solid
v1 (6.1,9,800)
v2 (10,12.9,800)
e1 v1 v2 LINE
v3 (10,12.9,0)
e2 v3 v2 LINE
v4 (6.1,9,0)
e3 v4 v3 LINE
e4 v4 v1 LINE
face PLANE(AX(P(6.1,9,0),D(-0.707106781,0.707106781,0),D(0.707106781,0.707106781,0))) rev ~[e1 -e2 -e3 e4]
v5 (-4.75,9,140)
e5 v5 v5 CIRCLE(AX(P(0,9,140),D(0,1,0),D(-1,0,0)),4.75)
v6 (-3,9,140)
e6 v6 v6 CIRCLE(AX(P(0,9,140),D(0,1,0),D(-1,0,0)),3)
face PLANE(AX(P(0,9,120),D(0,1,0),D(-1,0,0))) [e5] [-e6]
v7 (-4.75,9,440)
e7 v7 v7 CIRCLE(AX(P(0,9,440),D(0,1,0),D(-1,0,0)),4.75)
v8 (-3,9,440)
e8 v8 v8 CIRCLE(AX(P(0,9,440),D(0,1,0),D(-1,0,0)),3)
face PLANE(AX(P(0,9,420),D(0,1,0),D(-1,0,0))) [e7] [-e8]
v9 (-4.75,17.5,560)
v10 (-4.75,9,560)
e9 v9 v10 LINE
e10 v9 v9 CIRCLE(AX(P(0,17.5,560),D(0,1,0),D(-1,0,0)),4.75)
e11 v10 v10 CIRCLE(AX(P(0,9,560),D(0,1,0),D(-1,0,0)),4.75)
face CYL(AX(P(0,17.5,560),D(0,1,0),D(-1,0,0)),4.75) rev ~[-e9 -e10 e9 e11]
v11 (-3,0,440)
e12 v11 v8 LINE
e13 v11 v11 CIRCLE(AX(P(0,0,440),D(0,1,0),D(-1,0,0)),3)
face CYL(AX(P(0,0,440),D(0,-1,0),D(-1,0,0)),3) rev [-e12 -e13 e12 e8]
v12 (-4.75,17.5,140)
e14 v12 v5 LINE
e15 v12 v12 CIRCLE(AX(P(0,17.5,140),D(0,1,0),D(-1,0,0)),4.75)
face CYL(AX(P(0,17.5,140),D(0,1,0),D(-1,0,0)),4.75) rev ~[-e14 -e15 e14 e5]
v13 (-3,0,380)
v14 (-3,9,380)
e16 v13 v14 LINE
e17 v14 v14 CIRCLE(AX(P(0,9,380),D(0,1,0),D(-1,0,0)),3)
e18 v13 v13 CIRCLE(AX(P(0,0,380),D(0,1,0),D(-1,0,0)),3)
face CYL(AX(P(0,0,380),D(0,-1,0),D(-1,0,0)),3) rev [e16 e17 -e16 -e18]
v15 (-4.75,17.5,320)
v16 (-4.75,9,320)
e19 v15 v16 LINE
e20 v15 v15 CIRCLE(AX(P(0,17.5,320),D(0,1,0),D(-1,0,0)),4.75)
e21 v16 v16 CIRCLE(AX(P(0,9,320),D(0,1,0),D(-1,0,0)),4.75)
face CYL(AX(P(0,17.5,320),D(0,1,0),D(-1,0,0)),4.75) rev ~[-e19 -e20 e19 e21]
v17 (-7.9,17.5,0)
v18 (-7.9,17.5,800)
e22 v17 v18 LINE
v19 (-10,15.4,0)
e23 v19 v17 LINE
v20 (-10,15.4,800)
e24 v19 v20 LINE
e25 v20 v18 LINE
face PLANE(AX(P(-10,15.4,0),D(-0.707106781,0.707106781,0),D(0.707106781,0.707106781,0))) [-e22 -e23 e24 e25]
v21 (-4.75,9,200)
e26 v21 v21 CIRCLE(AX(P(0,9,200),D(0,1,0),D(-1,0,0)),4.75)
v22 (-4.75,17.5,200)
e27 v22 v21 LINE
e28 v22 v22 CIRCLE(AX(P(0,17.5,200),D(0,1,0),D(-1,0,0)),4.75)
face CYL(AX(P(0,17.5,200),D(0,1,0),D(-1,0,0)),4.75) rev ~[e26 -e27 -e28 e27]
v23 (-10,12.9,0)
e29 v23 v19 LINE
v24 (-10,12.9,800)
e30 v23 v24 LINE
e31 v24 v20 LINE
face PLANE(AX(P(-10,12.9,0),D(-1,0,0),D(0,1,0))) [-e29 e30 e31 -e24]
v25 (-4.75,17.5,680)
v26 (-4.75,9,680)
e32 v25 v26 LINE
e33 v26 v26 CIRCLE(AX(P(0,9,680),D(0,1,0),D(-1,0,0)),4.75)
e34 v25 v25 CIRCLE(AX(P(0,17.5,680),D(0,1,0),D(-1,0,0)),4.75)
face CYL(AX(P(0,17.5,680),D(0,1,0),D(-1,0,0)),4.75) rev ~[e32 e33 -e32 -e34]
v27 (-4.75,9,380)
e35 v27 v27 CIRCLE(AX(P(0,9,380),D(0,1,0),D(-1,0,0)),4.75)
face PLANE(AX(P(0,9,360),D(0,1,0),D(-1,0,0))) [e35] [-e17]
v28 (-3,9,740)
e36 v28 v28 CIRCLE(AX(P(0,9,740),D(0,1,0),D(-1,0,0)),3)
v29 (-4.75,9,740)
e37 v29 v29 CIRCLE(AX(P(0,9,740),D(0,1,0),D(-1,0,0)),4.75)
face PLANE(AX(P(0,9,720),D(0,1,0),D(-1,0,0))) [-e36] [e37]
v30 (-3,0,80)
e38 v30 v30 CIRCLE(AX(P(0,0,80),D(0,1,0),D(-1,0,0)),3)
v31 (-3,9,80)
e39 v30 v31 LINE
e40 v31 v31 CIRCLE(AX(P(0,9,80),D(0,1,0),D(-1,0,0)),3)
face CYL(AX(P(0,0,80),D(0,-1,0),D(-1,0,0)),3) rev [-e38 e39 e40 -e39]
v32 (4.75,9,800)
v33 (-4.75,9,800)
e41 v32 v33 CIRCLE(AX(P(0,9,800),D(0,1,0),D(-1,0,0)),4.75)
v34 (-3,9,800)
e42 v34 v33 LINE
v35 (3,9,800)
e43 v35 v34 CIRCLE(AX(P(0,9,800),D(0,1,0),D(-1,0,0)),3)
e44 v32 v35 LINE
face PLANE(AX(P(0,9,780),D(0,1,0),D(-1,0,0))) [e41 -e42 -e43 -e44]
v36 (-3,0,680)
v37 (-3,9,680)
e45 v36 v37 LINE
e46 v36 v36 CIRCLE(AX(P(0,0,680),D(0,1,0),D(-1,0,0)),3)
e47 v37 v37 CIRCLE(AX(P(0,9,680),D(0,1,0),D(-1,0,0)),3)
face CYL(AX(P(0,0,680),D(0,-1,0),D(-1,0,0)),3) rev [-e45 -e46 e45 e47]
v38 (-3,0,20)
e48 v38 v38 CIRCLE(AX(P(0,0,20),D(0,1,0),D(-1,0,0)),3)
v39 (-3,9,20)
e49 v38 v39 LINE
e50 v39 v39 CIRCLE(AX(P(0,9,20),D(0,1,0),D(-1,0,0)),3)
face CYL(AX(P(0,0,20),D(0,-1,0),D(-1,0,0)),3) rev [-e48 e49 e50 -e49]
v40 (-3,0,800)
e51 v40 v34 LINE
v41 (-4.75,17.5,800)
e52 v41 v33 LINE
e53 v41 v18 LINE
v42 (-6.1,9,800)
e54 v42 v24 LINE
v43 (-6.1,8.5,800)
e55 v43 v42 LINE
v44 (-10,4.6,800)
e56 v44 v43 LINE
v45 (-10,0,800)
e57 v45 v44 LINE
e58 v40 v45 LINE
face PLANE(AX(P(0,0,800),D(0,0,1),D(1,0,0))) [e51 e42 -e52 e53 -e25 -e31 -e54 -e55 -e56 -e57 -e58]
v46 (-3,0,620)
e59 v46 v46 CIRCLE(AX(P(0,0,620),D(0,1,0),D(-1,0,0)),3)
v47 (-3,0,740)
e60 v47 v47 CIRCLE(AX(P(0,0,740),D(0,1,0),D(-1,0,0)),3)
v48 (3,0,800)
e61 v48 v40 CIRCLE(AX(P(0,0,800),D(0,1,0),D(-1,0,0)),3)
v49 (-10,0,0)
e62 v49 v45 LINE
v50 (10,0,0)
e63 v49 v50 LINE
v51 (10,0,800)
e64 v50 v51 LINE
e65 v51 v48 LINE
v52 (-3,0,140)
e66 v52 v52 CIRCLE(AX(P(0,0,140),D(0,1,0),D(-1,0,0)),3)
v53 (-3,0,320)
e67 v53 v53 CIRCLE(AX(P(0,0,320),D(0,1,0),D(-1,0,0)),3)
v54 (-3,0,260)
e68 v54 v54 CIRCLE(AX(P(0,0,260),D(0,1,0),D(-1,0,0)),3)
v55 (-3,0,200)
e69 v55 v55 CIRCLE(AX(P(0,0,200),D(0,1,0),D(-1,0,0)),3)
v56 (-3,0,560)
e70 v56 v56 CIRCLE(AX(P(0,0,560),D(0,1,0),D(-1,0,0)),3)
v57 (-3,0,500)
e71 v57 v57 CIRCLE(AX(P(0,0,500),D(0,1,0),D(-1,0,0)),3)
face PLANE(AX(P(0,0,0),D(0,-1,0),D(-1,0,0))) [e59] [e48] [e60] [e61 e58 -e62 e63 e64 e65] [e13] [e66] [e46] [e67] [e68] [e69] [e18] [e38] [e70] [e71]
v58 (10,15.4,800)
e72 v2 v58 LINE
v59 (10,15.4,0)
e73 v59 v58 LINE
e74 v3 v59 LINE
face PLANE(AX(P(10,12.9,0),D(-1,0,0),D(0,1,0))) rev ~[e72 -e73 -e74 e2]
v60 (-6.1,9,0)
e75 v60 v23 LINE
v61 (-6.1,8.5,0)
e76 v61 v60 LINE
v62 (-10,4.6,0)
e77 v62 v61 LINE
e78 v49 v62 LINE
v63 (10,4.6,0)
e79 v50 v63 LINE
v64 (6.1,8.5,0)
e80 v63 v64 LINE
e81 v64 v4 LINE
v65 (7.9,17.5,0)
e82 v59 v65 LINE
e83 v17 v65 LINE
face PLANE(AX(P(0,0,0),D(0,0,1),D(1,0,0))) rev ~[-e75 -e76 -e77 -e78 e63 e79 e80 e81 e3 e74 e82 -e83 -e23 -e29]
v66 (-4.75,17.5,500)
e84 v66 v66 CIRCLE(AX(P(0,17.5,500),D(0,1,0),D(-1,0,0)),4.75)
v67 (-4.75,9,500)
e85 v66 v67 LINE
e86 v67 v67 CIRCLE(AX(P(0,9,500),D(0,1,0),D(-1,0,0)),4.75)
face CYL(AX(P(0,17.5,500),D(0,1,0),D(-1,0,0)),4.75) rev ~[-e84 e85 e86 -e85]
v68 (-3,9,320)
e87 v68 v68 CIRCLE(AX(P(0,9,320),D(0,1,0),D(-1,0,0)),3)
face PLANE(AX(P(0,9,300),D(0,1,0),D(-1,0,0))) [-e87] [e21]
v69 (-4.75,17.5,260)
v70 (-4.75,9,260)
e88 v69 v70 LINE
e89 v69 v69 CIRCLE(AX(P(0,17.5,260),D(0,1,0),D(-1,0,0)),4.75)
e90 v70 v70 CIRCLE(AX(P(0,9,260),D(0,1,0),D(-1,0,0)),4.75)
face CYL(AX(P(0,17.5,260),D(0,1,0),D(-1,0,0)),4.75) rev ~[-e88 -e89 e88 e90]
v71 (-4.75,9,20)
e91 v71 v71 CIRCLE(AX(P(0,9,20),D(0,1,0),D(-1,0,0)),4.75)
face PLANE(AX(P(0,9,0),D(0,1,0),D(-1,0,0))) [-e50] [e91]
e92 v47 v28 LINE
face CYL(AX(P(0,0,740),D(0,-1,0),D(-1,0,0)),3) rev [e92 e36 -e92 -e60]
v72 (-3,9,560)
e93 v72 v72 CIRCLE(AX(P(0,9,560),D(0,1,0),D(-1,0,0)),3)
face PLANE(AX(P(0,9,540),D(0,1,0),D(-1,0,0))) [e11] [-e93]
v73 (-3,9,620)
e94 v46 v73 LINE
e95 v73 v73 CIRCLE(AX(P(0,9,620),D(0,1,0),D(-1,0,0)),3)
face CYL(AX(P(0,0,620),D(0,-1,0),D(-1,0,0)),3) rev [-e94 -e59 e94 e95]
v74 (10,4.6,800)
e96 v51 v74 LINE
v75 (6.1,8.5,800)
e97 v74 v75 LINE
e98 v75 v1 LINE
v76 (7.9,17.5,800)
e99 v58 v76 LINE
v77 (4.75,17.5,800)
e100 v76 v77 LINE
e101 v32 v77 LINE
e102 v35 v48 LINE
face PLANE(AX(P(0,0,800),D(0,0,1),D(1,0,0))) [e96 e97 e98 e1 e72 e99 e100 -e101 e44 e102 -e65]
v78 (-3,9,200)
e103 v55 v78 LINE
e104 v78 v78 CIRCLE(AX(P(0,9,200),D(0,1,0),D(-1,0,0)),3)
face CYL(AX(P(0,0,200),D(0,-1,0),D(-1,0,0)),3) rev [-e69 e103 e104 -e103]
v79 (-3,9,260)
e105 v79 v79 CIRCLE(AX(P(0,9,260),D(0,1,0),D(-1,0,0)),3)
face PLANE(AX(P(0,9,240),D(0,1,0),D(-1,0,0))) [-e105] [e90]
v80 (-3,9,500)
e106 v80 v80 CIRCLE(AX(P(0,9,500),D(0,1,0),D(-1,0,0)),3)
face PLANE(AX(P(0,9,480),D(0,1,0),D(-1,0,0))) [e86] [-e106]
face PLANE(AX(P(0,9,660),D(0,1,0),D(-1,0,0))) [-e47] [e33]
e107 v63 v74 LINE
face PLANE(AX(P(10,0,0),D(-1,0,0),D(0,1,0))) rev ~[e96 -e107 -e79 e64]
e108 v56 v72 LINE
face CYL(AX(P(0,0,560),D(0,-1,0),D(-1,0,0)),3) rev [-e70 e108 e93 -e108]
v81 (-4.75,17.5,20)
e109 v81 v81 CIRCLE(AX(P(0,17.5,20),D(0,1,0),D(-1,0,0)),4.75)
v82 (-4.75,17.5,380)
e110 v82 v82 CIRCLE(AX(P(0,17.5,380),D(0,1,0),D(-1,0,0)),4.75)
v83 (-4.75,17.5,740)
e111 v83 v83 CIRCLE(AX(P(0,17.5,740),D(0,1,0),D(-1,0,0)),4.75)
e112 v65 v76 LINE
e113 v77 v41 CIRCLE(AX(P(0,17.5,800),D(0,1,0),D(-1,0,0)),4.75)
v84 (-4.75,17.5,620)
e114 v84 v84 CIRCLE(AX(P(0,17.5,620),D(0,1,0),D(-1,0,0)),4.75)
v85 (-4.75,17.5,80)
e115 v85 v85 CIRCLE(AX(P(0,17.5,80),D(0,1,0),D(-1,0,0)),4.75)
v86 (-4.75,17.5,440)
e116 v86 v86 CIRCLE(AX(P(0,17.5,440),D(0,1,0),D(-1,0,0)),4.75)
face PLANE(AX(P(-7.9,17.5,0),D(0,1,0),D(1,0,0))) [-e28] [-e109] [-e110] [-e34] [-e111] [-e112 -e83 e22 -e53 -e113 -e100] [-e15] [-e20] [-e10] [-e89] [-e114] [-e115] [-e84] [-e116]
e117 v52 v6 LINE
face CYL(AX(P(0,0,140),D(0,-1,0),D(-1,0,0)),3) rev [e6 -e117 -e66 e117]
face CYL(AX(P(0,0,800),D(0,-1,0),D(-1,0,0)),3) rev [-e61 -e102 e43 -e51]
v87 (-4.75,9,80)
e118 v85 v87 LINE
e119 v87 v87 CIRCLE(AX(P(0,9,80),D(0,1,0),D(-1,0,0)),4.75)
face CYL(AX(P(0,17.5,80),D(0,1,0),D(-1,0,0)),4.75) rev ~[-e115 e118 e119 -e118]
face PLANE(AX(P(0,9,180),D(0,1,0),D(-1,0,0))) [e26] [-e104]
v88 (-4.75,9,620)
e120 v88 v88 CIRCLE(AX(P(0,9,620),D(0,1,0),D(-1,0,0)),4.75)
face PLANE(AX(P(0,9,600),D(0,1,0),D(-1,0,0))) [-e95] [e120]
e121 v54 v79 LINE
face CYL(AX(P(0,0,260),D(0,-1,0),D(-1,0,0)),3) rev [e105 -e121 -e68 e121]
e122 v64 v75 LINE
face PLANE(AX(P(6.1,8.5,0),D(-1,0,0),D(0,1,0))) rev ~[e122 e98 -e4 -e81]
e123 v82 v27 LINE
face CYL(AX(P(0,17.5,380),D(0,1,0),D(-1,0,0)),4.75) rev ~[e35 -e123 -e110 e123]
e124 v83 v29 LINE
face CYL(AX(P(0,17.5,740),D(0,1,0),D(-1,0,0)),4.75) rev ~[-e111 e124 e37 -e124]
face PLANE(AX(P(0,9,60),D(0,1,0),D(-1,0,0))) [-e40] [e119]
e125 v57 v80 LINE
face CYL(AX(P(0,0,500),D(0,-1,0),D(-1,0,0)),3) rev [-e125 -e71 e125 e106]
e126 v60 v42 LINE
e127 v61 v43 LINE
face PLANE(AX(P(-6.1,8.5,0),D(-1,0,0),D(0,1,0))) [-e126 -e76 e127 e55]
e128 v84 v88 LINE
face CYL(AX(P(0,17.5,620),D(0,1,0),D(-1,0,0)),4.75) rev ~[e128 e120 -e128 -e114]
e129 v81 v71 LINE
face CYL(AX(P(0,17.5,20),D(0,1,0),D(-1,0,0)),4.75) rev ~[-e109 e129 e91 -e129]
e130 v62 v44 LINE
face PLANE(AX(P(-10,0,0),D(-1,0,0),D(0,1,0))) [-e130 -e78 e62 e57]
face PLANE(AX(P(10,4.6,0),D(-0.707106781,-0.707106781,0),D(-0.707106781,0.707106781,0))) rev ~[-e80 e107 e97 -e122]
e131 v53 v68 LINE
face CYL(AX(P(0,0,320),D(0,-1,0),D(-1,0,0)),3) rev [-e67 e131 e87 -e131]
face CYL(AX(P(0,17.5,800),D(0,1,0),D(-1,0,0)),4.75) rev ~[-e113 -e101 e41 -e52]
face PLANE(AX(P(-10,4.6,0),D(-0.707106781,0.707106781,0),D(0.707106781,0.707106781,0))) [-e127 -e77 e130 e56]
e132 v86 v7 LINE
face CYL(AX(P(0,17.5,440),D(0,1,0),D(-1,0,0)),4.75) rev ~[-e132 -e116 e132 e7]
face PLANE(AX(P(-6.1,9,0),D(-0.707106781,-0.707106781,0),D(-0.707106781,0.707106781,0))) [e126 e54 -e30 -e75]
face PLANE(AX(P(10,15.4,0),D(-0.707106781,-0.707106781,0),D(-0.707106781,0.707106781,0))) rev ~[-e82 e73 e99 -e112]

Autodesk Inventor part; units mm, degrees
ref_plane "YZ Plane" through (0, 0, 0) normal (1, 0, 0) x (0, 1, 0)
ref_plane "XZ Plane" through (0, 0, 0) normal (0, 1, 0) x (-1, 0, 0)
ref_plane "XY Plane" through (0, 0, 0) normal (0, 0, 1) x (1, 0, 0)
sketch "Sketch1" plane through (0, 0, 0) normal (0, 0, 1) x (1, 0, 0)
  line L0 (0, 0) -> (0, 17.5) construction
  line L1 (0, 0) -> (-10, 0)
  line L2 (0, 0) -> (10, 0)
  line L3 (-10, 0) -> (-10, 4.6)
  line L4 (-10, 4.6) -> (-6.1, 8.5)
  line L5 (-6.1, 8.5) -> (-6.1, 9)
  line L6 (-6.1, 9) -> (-10, 12.9)
  line L7 (-10, 12.9) -> (-10, 15.4)
  line L8 (-10, 15.4) -> (-7.9, 17.5)
  line L9 (-7.9, 17.5) -> (0, 17.5)
  line L10 (10, 0) -> (10, 4.6)
  line L11 (10, 4.6) -> (6.1, 8.5)
  line L12 (6.1, 8.5) -> (6.1, 9)
  line L13 (6.1, 9) -> (10, 12.9)
  line L14 (10, 12.9) -> (10, 15.4)
  line L15 (10, 15.4) -> (7.9, 17.5)
  line L16 (7.9, 17.5) -> (0, 17.5)
  dimension "d0" = 17.5
  dimension "d1" = 20
  dimension "d2" = 4.6
  dimension "d3" = 8.5
  dimension "d8" = 135
  dimension "d9" = 0.5
  dimension "d10" = 135
  dimension "d11" = 2.5
extrude "Extrusion1" add sketch "Sketch1" along normal blind 800
sketch "Sketch2" plane through (0, 0, 0) normal (0, 1, 0) x (-1, 0, 0)
  line L0 (0, 0) -> (0, 20) construction
  line L1 (0, 20) -> (0, 80) construction
  circle A0 centre (0, 20) radius 4.75
  circle A1 centre (0, 20) radius 3
  dimension "d14" = 20
  dimension "d15" = 60
  dimension "d16" = 9.5
  dimension "d17" = 6
extrude "Extrusion2" cut sketch "Sketch2" along normal through all contours A1
extrude "Extrusion3" cut sketch "Sketch2" against normal blind 8.5 from surface at 17.5
pattern_linear "Rectangular Pattern1" count 14 spacing 60 along (0, 0, 1) of "Extrusion2", "Extrusion3"
properties part number "HGR20 500mm"
